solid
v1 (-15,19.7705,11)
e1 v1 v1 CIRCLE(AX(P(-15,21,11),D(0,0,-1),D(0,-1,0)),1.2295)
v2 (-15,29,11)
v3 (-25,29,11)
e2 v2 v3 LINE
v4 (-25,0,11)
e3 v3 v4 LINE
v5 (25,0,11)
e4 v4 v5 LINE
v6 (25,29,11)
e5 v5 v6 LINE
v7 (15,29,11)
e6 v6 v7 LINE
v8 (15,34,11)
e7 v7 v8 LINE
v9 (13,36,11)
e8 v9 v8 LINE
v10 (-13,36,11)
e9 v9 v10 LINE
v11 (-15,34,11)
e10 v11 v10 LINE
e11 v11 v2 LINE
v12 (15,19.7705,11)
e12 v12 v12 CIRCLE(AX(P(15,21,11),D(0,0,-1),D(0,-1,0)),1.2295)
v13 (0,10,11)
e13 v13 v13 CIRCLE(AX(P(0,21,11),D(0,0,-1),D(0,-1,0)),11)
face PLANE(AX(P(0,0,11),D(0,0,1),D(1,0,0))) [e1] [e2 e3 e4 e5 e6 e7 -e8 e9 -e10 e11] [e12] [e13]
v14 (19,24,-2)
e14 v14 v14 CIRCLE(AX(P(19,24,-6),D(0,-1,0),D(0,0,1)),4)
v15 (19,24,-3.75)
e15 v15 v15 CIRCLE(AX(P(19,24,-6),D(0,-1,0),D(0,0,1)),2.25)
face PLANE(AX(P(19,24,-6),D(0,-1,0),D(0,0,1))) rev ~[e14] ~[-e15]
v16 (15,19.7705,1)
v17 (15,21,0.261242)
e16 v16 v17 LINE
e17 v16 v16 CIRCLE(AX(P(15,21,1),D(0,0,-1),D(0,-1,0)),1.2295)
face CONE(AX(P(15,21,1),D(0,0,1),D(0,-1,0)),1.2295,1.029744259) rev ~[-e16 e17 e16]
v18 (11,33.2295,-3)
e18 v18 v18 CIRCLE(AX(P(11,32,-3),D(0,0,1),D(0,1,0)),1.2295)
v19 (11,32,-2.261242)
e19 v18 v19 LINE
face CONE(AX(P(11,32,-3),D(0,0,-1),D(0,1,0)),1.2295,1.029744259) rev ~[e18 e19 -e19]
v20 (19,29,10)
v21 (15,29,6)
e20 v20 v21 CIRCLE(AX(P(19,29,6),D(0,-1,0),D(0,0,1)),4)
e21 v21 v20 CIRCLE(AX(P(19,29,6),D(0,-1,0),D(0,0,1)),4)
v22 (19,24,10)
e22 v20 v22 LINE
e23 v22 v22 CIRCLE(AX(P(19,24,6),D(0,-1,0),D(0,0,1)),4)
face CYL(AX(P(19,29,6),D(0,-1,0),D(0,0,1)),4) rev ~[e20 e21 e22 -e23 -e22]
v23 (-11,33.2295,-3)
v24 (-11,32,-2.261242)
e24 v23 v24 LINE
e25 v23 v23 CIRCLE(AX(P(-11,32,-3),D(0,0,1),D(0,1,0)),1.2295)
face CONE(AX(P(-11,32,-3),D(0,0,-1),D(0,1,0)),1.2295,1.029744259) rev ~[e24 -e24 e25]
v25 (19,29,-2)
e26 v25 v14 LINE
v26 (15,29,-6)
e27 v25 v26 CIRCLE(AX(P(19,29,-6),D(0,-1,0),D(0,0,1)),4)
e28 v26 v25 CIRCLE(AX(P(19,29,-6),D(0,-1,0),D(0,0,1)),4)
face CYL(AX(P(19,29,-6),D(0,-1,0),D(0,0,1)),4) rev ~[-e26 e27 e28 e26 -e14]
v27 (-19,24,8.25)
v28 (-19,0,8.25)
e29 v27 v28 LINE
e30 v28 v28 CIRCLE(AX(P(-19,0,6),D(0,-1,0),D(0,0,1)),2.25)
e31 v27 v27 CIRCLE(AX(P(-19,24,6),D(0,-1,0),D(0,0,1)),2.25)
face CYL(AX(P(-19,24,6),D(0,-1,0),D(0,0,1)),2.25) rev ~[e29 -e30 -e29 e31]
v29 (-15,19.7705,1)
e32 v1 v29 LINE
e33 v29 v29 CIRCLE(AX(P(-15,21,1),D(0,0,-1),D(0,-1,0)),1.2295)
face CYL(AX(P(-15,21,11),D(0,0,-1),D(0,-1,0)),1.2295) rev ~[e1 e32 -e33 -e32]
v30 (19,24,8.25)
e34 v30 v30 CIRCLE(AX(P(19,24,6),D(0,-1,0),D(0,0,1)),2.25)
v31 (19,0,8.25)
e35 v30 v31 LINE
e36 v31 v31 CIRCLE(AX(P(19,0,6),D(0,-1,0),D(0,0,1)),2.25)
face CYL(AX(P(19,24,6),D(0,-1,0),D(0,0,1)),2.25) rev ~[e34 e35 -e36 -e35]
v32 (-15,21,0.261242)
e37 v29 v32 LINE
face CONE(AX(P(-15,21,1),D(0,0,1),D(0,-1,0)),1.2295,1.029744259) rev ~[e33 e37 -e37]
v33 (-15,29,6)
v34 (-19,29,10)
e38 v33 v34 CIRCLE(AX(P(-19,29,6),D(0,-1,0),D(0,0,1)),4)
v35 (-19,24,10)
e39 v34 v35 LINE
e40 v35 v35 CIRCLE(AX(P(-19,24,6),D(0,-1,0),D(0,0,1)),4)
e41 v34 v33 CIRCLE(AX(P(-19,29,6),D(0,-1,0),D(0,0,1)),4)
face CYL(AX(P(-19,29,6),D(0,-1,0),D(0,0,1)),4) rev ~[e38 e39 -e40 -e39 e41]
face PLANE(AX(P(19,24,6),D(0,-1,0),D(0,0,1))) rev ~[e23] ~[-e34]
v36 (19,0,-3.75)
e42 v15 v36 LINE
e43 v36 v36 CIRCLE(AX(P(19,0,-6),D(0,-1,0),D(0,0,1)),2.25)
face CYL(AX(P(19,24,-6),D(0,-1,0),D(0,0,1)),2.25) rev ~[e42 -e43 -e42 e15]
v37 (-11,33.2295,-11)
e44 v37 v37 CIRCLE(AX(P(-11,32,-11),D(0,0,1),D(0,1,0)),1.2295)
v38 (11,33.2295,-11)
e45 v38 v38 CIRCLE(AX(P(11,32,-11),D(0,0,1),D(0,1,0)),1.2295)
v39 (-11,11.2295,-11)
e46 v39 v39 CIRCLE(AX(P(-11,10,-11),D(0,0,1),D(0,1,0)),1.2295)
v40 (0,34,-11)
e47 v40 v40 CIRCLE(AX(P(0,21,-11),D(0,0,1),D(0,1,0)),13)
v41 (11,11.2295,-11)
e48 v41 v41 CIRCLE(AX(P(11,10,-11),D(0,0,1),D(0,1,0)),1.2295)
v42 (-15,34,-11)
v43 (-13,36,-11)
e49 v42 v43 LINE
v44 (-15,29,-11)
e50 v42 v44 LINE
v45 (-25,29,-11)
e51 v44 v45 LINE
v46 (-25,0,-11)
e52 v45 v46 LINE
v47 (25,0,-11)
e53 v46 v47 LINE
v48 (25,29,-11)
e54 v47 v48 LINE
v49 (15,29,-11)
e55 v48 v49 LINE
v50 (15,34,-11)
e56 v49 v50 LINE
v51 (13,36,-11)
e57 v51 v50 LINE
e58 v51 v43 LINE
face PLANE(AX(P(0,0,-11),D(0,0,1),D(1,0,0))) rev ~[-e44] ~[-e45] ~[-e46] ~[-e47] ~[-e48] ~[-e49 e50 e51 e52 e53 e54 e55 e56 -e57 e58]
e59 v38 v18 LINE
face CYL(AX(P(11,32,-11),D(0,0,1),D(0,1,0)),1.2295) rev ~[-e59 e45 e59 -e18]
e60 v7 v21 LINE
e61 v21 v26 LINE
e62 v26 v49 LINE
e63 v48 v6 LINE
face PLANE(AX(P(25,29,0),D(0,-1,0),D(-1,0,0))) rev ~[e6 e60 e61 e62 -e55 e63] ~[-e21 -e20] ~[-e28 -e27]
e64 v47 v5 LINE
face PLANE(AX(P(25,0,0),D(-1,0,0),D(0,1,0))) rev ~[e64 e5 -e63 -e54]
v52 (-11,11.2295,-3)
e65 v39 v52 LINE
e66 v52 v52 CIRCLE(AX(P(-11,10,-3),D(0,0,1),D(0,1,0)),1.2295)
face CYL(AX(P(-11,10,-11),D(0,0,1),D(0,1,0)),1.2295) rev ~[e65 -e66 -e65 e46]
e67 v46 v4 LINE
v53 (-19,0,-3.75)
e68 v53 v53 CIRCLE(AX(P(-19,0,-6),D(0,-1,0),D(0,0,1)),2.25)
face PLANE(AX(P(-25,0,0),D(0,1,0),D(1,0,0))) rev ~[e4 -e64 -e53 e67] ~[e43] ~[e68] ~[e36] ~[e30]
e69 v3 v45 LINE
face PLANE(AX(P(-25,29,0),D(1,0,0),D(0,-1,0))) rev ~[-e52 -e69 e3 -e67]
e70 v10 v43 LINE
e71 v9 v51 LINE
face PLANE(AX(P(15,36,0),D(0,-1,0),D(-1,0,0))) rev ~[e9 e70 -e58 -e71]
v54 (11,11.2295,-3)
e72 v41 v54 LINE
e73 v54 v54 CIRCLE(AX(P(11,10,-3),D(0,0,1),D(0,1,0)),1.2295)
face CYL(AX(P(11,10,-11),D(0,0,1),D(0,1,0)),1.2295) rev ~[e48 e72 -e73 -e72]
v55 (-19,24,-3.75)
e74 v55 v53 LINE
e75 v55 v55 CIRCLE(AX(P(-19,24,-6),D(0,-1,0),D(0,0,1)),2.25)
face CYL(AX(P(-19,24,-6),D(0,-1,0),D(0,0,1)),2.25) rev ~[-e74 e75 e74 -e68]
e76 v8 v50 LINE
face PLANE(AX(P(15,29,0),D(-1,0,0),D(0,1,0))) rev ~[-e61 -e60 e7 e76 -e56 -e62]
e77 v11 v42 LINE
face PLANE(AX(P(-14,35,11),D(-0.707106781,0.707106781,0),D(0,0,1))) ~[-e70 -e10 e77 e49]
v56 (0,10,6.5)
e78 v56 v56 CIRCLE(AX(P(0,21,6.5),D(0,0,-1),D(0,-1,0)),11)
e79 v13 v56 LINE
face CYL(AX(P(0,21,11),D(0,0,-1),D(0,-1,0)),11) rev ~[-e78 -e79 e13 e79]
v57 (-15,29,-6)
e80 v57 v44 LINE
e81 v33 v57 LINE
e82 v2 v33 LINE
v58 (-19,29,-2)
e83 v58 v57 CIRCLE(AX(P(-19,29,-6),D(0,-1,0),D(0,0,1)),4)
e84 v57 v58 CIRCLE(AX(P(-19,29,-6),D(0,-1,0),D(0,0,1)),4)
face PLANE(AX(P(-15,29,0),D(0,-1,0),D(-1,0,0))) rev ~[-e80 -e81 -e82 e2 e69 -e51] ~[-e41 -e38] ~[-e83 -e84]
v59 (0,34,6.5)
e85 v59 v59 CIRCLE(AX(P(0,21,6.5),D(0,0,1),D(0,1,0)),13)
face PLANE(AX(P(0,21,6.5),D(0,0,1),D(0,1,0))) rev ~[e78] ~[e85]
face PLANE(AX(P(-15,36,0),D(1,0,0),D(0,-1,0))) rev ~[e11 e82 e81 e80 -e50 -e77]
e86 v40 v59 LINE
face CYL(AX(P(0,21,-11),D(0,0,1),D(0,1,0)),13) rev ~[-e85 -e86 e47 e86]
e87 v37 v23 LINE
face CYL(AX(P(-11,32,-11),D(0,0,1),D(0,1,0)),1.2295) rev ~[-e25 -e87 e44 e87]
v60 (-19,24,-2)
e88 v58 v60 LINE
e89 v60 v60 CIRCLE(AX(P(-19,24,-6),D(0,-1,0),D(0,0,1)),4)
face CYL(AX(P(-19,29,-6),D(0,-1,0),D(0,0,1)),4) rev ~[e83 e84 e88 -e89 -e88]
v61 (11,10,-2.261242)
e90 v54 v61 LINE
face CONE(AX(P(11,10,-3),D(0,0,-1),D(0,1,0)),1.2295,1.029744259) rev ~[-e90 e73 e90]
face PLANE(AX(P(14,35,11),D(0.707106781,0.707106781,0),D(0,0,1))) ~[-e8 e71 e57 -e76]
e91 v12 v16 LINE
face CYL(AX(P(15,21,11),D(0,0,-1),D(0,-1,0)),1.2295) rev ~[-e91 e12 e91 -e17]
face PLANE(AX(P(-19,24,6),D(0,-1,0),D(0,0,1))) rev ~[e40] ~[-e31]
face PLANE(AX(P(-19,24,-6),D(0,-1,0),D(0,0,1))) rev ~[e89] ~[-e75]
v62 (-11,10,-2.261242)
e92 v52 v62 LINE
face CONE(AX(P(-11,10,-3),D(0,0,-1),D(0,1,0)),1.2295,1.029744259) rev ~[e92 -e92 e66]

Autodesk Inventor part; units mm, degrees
ref_plane "YZ Plane" through (0, 0, 0) normal (1, 0, 0) x (0, 1, 0)
ref_plane "XZ Plane" through (0, 0, 0) normal (0, 1, 0) x (-1, 0, 0)
ref_plane "XY Plane" through (0, 0, 0) normal (0, 0, 1) x (1, 0, 0)
sketch "Sketch1" plane through (0, 0, 0) normal (0, 0, 1) x (1, 0, 0)
  line L0 (-25, 0) -> (25, 0)
  line L1 (25, 0) -> (25, 29)
  line L2 (25, 29) -> (15, 29)
  line L3 (15, 29) -> (15, 36)
  line L4 (15, 36) -> (-15, 36)
  line L5 (-15, 36) -> (-15, 29)
  line L6 (-15, 29) -> (-25, 29)
  line L7 (-25, 29) -> (-25, 0)
  point P0 (0, 0)
  point P1 (0, 0)
  dimension "d0" = 50
  dimension "d1" = 36
  dimension "d2" = 7
  dimension "d3" = 30
extrude "Extrusion1" add sketch "Sketch1" along normal mid plane 22
sketch "Sketch2" plane through (0, 0, 11) normal (0, 0, 1) x (1, 0, 0)
  line L0 (-25, 0) -> (25, 0) projected
  point P0 (0, 0)
  point P1 (0, 21)
  point P2 (0, 0)
  dimension "d6" = 21
hole "Hole1" at (0, 21, 11) direction (0, 0, -1) diameter 22 end through all
chamfer "Chamfer2" distance 2 angle 45 2 edges at (-15, 36, 0) (15, 36, 0)
sketch "Sketch3" plane through (-25, 29, 11) normal (0, 1, 0) x (1, 0, 0)
  line L0 (0, 22) -> (0, 0) projected
  line L1 (50, 22) -> (50, 0) projected
  line L2 (50, 22) -> (0, 22) projected
  line L3 (0, 0) -> (50, 0) projected
  point P0 (25, 11)
  point P1 (6, 17)
  point P2 (44, 17)
  point P3 (6, 5)
  point P4 (44, 5)
  dimension "d20" = 38
  dimension "d21" = 6
  dimension "d22" = 6
  dimension "d49" = 12
  dimension "d50" = 5
  dimension "d51" = 5
hole "Hole2" at (-19, 29, -6) at (19, 29, -6) at (-19, 29, 6) at (19, 29, 6) direction (0, -1, 0) diameter 4.5 end through all counterbore diameter 8 counterbore depth 5
sketch "Sketch5" plane through (0, 0, 11) normal (0, 0, 1) x (1, 0, 0)
  circle A0 centre (0, 21) radius 11 projected
  point P0 (0, 0)
  point P1 (-15, 21)
  point P2 (15, 21)
  dimension "d40" = 30
  dimension "d52" = 15
hole "Hole4" at (-15, 21, 11) at (15, 21, 11) direction (0, 0, -1) diameter 2.459 depth 10 tip angle 118 thread size "M3x0.5" designation "M3" class "6H" standard "ISO Metric profile"
hole "Hole5" at (0, 21, -11) direction (0, 0, 1) diameter 26 depth 17.5
sketch "Sketch6" plane through (0, 0, -11) normal (0, 0, -1) x (-1, 0, 0)
  circle A0 centre (0, 21) radius 15.5563 construction
  circle A1 centre (0, 21) radius 13 construction
  point P0 (0, 0)
  point P1 (-11, 32)
  point P2 (-11, 10)
  point P3 (11, 10)
  point P4 (11, 32)
  dimension "d62" = 22
  dimension "d63" = 22
hole "Hole6" at (11, 32, -11) at (11, 10, -11) at (-11, 10, -11) at (-11, 32, -11) direction (0, 0, 1) diameter 2.459 depth 8 tip angle 118 thread size "M3x0.5" class "6H" standard "ISO Metric profile"
equation "\"d52\" = 0.5 * d40"
properties part number "Lagerbock_Loslager" material "Aluminum 6061"
